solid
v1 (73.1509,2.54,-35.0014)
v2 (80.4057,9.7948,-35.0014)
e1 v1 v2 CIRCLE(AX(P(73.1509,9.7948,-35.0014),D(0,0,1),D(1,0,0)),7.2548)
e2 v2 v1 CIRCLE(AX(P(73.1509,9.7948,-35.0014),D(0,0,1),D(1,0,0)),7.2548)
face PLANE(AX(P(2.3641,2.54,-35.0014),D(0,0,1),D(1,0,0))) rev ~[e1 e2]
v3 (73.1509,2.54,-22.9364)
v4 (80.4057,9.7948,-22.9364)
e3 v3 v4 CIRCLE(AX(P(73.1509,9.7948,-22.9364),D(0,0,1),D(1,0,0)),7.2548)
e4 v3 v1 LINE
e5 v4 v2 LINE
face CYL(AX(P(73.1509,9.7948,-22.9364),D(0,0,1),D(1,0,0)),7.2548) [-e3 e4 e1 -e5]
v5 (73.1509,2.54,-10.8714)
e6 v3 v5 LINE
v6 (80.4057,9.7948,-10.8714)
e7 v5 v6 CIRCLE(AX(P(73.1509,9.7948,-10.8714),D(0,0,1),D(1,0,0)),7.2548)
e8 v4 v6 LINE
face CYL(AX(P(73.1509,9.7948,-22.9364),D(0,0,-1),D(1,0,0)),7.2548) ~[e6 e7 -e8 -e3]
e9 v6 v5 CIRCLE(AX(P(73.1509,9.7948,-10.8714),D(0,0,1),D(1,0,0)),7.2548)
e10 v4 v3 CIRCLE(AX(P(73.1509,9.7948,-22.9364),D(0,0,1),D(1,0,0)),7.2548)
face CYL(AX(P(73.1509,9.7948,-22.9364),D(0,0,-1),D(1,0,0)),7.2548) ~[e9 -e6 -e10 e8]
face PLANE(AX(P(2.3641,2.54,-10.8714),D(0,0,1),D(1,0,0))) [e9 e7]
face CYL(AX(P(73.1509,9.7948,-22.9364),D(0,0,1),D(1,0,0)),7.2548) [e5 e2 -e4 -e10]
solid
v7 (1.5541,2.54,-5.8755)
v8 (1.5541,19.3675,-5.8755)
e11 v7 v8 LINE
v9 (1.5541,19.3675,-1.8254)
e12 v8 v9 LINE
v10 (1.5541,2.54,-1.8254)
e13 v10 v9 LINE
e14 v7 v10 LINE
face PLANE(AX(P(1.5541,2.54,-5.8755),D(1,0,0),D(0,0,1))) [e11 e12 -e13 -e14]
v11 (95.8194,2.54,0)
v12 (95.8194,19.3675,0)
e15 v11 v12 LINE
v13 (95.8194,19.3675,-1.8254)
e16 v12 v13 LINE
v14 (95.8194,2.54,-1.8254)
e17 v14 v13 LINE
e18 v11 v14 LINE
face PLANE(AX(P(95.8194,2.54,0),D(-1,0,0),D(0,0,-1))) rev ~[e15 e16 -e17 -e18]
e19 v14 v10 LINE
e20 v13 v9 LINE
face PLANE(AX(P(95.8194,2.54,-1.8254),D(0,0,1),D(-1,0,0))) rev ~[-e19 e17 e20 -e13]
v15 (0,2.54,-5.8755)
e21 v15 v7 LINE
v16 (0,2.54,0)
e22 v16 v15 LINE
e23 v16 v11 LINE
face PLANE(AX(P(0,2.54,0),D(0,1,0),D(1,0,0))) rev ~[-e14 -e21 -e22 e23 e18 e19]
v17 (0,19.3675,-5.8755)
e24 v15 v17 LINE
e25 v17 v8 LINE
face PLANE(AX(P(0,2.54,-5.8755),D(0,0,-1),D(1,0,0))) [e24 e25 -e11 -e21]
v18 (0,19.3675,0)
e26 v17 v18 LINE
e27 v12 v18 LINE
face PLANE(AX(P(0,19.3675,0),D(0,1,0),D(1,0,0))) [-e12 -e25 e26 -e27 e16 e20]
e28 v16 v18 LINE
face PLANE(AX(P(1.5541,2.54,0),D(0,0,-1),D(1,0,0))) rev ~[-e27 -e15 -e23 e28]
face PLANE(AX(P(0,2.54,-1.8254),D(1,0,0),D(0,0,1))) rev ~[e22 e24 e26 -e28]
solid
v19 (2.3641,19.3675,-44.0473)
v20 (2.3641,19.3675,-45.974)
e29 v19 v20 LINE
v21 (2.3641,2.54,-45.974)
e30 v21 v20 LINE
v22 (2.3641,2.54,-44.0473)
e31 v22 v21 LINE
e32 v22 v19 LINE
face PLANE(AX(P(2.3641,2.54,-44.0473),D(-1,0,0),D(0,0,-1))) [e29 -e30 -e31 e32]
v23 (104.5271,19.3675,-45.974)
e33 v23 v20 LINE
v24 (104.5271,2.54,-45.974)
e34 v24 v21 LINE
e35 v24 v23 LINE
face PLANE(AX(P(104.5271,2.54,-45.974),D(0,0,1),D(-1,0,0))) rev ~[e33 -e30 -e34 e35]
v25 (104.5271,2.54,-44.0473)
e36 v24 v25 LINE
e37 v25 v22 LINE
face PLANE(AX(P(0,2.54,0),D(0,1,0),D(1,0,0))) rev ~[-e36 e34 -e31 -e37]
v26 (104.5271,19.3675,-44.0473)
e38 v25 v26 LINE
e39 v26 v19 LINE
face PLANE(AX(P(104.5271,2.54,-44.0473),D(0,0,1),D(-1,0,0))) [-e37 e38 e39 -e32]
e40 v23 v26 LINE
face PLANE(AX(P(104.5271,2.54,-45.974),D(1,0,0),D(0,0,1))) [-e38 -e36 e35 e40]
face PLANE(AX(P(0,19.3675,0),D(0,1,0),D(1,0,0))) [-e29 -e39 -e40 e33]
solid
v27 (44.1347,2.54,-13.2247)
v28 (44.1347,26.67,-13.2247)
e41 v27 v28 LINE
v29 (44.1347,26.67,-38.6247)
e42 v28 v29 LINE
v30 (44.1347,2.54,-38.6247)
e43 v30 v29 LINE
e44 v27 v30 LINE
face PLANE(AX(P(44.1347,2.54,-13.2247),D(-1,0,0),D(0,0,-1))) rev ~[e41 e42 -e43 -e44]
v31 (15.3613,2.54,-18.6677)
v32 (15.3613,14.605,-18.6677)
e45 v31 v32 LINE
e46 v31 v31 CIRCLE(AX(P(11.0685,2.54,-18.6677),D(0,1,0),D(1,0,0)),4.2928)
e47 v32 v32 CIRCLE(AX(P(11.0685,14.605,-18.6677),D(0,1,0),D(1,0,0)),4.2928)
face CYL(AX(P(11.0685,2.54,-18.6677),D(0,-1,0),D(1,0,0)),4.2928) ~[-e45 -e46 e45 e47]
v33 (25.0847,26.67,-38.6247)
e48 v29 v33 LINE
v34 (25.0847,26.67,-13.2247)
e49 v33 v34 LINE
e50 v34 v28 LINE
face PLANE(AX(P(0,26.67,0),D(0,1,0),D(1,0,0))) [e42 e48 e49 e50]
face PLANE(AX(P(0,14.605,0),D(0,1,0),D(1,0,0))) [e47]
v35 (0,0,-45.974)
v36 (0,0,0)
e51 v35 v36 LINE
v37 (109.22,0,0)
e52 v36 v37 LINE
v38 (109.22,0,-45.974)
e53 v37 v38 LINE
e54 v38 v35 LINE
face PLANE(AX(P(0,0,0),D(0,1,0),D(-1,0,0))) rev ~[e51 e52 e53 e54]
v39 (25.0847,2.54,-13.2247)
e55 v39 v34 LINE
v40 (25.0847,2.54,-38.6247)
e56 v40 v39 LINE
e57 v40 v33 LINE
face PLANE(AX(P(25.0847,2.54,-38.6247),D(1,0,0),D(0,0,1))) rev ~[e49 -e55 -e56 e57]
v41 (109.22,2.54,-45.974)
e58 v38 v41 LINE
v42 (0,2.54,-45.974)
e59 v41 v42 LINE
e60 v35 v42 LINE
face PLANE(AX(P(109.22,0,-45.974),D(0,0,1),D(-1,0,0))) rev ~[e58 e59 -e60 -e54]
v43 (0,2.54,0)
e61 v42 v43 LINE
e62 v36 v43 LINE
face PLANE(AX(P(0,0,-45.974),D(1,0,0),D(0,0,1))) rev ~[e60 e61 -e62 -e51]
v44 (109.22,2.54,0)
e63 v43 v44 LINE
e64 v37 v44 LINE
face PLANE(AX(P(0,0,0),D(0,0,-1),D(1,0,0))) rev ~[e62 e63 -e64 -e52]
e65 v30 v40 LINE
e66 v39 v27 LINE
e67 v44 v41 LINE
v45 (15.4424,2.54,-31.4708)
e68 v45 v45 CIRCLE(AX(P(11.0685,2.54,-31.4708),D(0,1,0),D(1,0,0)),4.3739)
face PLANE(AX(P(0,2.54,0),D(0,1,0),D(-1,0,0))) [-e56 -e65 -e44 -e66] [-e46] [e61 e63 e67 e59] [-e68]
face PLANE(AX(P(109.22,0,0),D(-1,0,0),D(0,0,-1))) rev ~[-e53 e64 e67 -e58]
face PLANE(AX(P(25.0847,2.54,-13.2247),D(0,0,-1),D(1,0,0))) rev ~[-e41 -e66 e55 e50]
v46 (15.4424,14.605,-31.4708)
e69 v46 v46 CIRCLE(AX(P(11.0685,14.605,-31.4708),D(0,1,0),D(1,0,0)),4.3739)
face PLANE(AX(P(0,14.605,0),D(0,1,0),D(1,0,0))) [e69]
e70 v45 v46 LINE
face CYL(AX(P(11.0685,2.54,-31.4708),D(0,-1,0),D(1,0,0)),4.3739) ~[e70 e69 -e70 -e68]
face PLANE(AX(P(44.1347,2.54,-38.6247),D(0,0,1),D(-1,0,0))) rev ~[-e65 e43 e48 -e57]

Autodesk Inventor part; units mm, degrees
ref_plane "YZ Plane" through (0, 0, 0) normal (1, 0, 0) x (0, 1, 0)
ref_plane "XZ Plane" through (0, 0, 0) normal (0, 1, 0) x (-1, 0, 0)
sketch "Sketch1" plane through (0, 0, 0) normal (0, 1, 0) x (-1, 0, 0)
  line L0 (0, 0) -> (-109.22, 0)
  line L1 (-109.22, 0) -> (-109.22, -45.974)
  line L2 (-109.22, -45.974) -> (0, -45.974)
  line L3 (0, -45.974) -> (0, 0)
  dimension "d0" = 109.22
  dimension "d1" = 45.974
extrude "Extrusion1" add sketch "Sketch1" along normal blind 2.54
sketch "Sketch2" plane through (0, 2.54, 0) normal (0, 1, 0) x (1, 0, 0)
  line L0 (109.22, 0) -> (109.22, 45.974) projected
  line L1 (109.22, 45.974) -> (0, 45.974) projected
  line L2 (0, 45.974) -> (0, 0) projected
  line L3 (0, 0) -> (109.22, 0) projected
  line L4 (2.3641, 45.974) -> (104.5271, 45.974)
  line L5 (104.5271, 45.974) -> (104.5271, 44.0473)
  line L6 (104.5271, 44.0473) -> (2.3641, 44.0473)
  line L7 (2.3641, 44.0473) -> (2.3641, 45.974)
  line L8 (0, 5.8755) -> (1.5541, 5.8755)
  line L9 (1.5541, 5.8755) -> (1.5541, 0)
  line L10 (1.5541, 0) -> (0, 0)
  line L11 (0, 0) -> (0, 5.8755)
  line L12 (0, 0) -> (95.8194, 0)
  line L13 (95.8194, 0) -> (95.8194, 1.8254)
  line L14 (95.8194, 1.8254) -> (0, 1.8254)
  line L15 (0, 1.8254) -> (0, 0)
  point P0 (1.5541, 1.8254)
extrude "Extrusion2" add sketch "Sketch2" along normal blind 16.8275 separate body contours L3 L9 L14 L13 | L5 L6 L7 L1 | L3 L2 L14 L9 | L14 L2 L8 L9
sketch "Sketch3" plane through (0, 2.54, 0) normal (0, 1, 0) x (1, 0, 0)
  circle A0 centre (11.0685, 31.4708) radius 4.3739
  circle A1 centre (11.0685, 18.6677) radius 4.2928
  point P0 (0, 0)
extrude "Extrusion3" add sketch "Sketch3" along normal blind 12.065 bodies 1
sketch "Sketch4" plane through (0, 2.54, 0) normal (0, 1, 0) x (1, 0, 0)
  circle A0 centre (11.0685, 18.6677) radius 4.2928 projected
  circle A1 centre (11.0685, 31.4708) radius 4.3739 projected
  line L0 (0, 0) -> (109.22, 0) projected
  line L1 (109.22, 0) -> (109.22, 45.974) projected
  line L2 (109.22, 45.974) -> (0, 45.974) projected
  line L3 (0, 45.974) -> (0, 0) projected
  line L4 (44.1347, 38.6247) -> (25.0847, 38.6247)
  line L5 (25.0847, 38.6247) -> (25.0847, 13.2247)
  line L6 (25.0847, 13.2247) -> (44.1347, 13.2247)
  line L7 (44.1347, 13.2247) -> (44.1347, 38.6247)
  line L8 (44.1347, 38.6247) -> (25.0847, 13.2247) construction
  line L9 (25.0847, 38.6247) -> (44.1347, 13.2247) construction
  point P0 (34.6097, 25.9247)
  dimension "d8" = 19.05
  dimension "d9" = 25.4
extrude "Extrusion4" add sketch "Sketch4" along normal blind 24.13 contours L7 L6 L5 L4 bodies 1
ref_plane "Work Plane1" through (2.3641, 2.54, -22.9364) normal (0, 0, 1) x (1, 0, 0)
sketch "Sketch5" plane through (2.3641, 2.54, -22.9364) normal (0, 0, 1) x (1, 0, 0)
  line L0 (22.7205, 0) -> (41.7705, 0) projected
  line L1 (41.7705, 0) -> (22.7205, 0) projected
  line L2 (4.4115, 0) -> (12.9972, 0) projected
  line L3 (4.3304, 0) -> (13.0783, 0) projected
  line L4 (-2.3641, 0) -> (106.8559, 0) projected
  line L5 (106.8559, 0) -> (-2.3641, 0) projected
  circle A0 centre (70.7868, 7.2548) radius 7.2548
  line L6 (102.1629, 0) -> (0, 0) projected
  point P0 (-2.3641, -2.54)
  point P1 (93.4553, 0)
  point P2 (93.4553, 0)
extrude "Extrusion5" add sketch "Sketch5" along normal mid plane 24.13 bodies 1
properties part number "12vconverter"
